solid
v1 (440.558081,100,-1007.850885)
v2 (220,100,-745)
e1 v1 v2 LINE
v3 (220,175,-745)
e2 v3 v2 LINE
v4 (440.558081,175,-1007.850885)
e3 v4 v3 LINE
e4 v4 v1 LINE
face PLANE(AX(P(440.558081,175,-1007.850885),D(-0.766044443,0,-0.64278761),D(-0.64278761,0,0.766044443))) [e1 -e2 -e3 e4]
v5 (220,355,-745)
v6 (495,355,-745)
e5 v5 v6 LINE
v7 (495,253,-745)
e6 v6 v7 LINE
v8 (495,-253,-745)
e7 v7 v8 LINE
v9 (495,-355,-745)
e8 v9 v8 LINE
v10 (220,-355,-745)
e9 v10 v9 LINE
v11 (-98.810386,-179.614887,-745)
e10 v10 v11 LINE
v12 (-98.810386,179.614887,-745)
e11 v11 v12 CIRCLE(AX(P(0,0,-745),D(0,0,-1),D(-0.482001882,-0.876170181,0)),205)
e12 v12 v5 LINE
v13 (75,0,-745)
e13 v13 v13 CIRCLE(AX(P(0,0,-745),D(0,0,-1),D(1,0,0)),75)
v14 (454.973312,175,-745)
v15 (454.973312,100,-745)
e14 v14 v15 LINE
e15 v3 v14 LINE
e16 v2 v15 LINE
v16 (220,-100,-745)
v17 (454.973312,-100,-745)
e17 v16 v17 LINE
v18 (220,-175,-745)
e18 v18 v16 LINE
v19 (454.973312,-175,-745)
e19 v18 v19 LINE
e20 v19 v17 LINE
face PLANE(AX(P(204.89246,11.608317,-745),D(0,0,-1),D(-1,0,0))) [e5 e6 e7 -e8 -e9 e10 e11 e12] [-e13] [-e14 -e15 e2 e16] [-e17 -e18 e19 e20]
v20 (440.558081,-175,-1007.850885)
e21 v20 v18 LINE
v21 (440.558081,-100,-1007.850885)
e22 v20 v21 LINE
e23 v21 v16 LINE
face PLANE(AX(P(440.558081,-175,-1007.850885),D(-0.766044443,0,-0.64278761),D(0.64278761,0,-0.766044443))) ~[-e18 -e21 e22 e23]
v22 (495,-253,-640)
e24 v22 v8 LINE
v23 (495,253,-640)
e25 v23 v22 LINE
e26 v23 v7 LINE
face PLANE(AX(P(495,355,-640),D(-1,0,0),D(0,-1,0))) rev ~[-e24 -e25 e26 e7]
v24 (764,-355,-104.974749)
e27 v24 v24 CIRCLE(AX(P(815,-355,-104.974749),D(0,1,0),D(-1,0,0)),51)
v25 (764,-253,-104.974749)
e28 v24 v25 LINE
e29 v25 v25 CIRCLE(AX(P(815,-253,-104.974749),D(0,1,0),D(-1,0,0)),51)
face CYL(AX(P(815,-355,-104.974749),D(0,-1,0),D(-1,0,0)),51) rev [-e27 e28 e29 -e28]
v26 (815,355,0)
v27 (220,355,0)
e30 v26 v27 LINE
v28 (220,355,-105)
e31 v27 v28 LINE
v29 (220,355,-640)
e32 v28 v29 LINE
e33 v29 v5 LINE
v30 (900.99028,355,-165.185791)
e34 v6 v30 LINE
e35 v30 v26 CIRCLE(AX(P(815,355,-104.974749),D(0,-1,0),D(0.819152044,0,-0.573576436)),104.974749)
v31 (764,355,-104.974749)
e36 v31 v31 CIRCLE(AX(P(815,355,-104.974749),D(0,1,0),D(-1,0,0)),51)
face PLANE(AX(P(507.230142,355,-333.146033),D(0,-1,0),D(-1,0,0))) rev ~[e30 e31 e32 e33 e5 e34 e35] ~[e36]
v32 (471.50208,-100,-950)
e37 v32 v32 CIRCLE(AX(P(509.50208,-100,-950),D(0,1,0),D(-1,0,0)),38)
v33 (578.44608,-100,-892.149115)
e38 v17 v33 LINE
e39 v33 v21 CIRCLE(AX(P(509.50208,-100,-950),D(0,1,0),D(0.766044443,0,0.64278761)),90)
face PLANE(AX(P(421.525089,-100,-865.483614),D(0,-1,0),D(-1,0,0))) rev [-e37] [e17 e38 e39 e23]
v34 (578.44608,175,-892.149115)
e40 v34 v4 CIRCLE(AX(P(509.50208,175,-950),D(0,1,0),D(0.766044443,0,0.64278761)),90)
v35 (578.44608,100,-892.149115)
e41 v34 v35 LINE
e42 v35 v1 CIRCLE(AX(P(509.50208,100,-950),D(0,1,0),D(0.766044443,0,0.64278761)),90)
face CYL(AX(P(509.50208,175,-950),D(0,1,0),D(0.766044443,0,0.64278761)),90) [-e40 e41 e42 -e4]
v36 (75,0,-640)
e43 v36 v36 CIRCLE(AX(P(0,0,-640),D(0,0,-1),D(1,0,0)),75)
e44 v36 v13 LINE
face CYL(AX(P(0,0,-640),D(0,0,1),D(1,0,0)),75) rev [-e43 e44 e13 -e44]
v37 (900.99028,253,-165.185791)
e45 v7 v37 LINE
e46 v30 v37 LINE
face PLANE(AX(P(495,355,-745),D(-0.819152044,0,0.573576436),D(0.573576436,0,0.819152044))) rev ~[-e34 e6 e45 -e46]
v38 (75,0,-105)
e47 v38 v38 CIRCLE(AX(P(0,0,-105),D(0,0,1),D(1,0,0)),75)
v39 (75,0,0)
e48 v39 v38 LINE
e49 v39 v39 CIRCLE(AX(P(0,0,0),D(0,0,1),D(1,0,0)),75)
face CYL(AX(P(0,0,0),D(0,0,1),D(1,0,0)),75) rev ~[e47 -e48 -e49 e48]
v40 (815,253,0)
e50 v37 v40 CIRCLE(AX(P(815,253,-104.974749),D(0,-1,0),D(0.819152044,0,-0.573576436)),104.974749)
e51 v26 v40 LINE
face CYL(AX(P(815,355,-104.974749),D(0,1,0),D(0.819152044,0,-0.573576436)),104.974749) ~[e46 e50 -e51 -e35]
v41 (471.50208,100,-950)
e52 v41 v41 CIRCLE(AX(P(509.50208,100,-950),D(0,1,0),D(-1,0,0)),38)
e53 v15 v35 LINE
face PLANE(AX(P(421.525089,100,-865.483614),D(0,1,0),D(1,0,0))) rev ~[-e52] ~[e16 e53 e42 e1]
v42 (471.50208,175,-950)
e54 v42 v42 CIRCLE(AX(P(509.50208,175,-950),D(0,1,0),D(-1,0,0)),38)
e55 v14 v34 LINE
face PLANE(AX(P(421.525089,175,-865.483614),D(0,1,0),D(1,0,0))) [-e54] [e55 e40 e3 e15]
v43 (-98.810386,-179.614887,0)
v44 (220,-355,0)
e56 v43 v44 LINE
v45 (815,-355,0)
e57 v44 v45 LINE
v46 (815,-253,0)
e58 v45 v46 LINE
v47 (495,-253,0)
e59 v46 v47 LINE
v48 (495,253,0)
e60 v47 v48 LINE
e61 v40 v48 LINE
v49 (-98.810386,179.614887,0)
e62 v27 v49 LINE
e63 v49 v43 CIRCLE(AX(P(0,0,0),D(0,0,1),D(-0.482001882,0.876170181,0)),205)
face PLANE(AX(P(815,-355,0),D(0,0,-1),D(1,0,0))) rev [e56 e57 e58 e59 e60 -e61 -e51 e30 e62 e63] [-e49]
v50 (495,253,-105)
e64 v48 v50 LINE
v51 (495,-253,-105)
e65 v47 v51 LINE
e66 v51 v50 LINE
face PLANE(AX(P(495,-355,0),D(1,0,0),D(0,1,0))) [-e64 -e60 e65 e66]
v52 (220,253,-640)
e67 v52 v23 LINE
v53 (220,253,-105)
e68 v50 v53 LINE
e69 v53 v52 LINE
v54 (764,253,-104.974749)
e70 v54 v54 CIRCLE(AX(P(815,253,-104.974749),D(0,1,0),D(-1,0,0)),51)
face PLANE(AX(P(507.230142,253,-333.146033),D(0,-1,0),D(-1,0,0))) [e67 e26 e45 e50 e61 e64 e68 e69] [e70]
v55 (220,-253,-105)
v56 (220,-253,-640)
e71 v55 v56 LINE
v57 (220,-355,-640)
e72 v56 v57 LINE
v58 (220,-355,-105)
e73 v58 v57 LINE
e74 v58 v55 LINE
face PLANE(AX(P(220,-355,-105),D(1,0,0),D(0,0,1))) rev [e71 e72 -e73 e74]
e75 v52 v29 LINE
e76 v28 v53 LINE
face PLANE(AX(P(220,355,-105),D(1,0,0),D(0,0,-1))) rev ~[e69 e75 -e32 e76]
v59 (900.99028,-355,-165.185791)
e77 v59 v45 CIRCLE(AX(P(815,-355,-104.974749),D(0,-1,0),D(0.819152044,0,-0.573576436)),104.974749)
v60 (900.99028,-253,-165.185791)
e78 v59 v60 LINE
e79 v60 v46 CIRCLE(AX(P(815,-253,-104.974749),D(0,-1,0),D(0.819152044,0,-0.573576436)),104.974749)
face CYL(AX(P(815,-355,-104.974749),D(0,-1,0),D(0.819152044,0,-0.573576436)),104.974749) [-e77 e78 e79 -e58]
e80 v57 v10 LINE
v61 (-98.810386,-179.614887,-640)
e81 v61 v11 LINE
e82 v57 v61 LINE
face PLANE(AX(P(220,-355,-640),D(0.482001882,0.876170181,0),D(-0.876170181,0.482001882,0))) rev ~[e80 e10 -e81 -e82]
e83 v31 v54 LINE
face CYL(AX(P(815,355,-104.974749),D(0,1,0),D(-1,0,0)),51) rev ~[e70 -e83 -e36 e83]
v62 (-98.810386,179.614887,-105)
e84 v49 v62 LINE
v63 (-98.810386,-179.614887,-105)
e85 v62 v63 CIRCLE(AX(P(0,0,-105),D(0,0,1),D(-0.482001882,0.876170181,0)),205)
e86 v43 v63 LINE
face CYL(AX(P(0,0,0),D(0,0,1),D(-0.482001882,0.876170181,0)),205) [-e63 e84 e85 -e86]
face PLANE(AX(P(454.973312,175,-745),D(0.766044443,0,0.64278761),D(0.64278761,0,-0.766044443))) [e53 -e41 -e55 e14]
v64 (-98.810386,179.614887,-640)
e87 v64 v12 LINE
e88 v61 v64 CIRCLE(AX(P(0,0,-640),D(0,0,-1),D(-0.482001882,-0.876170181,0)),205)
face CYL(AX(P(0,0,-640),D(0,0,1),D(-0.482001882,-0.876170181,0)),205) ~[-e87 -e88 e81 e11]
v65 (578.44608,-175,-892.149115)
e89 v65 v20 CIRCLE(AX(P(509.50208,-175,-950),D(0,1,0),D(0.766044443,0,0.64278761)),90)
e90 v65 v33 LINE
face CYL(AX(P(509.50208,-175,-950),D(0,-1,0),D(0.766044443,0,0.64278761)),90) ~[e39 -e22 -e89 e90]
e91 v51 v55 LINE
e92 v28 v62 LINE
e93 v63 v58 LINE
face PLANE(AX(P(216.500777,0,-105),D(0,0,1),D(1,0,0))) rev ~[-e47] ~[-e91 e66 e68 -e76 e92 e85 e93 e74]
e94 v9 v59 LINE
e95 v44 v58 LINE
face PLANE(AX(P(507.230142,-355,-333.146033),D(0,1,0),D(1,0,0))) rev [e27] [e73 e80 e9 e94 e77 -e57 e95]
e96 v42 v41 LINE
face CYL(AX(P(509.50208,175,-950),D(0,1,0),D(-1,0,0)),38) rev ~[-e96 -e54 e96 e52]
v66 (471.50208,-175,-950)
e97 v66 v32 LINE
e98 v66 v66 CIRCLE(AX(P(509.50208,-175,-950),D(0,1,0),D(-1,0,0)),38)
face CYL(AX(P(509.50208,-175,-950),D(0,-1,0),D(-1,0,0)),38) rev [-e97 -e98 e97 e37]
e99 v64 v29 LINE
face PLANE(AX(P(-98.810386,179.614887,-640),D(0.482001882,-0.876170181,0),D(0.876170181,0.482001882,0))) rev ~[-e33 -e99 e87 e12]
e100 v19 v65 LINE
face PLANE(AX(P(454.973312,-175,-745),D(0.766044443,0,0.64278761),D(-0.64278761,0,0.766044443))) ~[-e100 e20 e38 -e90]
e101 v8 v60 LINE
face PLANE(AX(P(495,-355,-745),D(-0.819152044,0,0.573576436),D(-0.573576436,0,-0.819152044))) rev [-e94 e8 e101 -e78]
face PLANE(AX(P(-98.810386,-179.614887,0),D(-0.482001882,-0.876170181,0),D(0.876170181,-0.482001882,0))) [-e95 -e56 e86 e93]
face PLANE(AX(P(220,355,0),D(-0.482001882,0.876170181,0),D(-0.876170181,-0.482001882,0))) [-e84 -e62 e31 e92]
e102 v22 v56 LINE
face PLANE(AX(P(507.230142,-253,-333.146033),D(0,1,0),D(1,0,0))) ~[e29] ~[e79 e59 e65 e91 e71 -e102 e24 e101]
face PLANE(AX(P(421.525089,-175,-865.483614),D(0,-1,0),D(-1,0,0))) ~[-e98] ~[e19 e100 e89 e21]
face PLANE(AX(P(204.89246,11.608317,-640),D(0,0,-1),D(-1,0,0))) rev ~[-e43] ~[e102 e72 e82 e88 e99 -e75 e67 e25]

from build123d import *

# Parameters (mm, degrees)
SKETCH1_R           = 75
BOSS_EXTRUDE1_DEPTH = 105
SKETCH3_R           = 51
BOSS_EXTRUDE3_DEPTH = 102
BOSS_EXTRUDE4_START = -105
SKETCH7_R           = 75
BOSS_EXTRUDE4_DEPTH = 105
BOSS_EXTRUDE5_START = -180
SKETCH8_R           = 38
BOSS_EXTRUDE5_DEPTH = 75


with BuildPart() as part:
    # Sketch1 → Boss-Extrude1 (new body)
    with BuildSketch(Plane.XY):
        with BuildLine():
            Line((495, -355), (495, 355))
            Line((495, 355), (220, 355))
            Line((220, 355), (-98.810385884, 179.614887026))
            ThreePointArc((-98.810385884, 179.614887026), (-205, 0), (-98.810385884, -179.614887026))
            Line((-98.810385884, -179.614887026), (220, -355))
            Line((220, -355), (495, -355))
        make_face()
        Circle(SKETCH1_R, mode=Mode.SUBTRACT)
    extrude(amount=-BOSS_EXTRUDE1_DEPTH)

    # Sketch3 → Boss-Extrude3 (add)
    with BuildSketch(Plane(origin=(0, 355, 0), x_dir=(1, 0, 0), z_dir=(0, 1, 0))):
        with BuildLine():
            ThreePointArc((900.990279967, 165.185790909), (908.113739275, 56.502804044), (815, 0))
            Line((815, 0), (495, 0))
            Line((495, 0), (495, 105))
            Line((495, 105), (220, 105))
            Line((220, 105), (220, 745))
            Line((220, 745), (495, 745))
            Line((495, 745), (900.990279967, 165.185790909))
        make_face()
        with Locations(Location((815, 104.974748664, 0), (0, 0, 180))):
            Circle(SKETCH3_R, mode=Mode.SUBTRACT)
    boss_extrude3 = extrude(amount=-BOSS_EXTRUDE3_DEPTH)

    # Mirror1: Boss-Extrude3 across plane
    add(boss_extrude3.mirror(Plane.ZX))

    # Sketch7 → Boss-Extrude4 (add)
    with BuildSketch(Plane(origin=(0, 0, -745), x_dir=(-1, 0, 0), z_dir=(0, 0, -1)).offset(BOSS_EXTRUDE4_START)):
        with BuildLine():
            Line((-220, -253), (-220, -355))
            Line((-220, -355), (98.810385884, -179.614887026))
            ThreePointArc((98.810385884, -179.614887026), (205, 0), (98.810385884, 179.614887026))
            Line((98.810385884, 179.614887026), (-220, 355))
            Line((-220, 355), (-495, 355))
            Line((-495, 355), (-495, -253))
            Line((-495, -253), (-220, -253))
        make_face()
        with Locations(Location((0, 0, 0), (0, 0, 180))):
            Circle(SKETCH7_R, mode=Mode.SUBTRACT)
    extrude(amount=BOSS_EXTRUDE4_DEPTH)

    # Sketch8 → Boss-Extrude5 (add)
    with BuildSketch(Plane(origin=(0, 355, 0), x_dir=(1, 0, 0), z_dir=(0, 1, 0)).offset(BOSS_EXTRUDE5_START)):
        with BuildLine():
            Line((440.558080551, 1007.850884872), (220, 745))
            Line((220, 745), (454.97331208, 745))
            Line((454.97331208, 745), (578.446080312, 892.149115128))
            ThreePointArc((578.446080312, 892.149115128), (567.352965303, 1018.943999881), (440.558080551, 1007.850884872))
        make_face()
        with Locations(Location((509.502080431, 950, 0), (0, 0, 180))):
            Circle(SKETCH8_R, mode=Mode.SUBTRACT)
    boss_extrude5 = extrude(amount=-BOSS_EXTRUDE5_DEPTH)

    # Mirror2: Boss-Extrude5 across plane
    add(boss_extrude5.mirror(Plane.ZX))


solid = part.part
